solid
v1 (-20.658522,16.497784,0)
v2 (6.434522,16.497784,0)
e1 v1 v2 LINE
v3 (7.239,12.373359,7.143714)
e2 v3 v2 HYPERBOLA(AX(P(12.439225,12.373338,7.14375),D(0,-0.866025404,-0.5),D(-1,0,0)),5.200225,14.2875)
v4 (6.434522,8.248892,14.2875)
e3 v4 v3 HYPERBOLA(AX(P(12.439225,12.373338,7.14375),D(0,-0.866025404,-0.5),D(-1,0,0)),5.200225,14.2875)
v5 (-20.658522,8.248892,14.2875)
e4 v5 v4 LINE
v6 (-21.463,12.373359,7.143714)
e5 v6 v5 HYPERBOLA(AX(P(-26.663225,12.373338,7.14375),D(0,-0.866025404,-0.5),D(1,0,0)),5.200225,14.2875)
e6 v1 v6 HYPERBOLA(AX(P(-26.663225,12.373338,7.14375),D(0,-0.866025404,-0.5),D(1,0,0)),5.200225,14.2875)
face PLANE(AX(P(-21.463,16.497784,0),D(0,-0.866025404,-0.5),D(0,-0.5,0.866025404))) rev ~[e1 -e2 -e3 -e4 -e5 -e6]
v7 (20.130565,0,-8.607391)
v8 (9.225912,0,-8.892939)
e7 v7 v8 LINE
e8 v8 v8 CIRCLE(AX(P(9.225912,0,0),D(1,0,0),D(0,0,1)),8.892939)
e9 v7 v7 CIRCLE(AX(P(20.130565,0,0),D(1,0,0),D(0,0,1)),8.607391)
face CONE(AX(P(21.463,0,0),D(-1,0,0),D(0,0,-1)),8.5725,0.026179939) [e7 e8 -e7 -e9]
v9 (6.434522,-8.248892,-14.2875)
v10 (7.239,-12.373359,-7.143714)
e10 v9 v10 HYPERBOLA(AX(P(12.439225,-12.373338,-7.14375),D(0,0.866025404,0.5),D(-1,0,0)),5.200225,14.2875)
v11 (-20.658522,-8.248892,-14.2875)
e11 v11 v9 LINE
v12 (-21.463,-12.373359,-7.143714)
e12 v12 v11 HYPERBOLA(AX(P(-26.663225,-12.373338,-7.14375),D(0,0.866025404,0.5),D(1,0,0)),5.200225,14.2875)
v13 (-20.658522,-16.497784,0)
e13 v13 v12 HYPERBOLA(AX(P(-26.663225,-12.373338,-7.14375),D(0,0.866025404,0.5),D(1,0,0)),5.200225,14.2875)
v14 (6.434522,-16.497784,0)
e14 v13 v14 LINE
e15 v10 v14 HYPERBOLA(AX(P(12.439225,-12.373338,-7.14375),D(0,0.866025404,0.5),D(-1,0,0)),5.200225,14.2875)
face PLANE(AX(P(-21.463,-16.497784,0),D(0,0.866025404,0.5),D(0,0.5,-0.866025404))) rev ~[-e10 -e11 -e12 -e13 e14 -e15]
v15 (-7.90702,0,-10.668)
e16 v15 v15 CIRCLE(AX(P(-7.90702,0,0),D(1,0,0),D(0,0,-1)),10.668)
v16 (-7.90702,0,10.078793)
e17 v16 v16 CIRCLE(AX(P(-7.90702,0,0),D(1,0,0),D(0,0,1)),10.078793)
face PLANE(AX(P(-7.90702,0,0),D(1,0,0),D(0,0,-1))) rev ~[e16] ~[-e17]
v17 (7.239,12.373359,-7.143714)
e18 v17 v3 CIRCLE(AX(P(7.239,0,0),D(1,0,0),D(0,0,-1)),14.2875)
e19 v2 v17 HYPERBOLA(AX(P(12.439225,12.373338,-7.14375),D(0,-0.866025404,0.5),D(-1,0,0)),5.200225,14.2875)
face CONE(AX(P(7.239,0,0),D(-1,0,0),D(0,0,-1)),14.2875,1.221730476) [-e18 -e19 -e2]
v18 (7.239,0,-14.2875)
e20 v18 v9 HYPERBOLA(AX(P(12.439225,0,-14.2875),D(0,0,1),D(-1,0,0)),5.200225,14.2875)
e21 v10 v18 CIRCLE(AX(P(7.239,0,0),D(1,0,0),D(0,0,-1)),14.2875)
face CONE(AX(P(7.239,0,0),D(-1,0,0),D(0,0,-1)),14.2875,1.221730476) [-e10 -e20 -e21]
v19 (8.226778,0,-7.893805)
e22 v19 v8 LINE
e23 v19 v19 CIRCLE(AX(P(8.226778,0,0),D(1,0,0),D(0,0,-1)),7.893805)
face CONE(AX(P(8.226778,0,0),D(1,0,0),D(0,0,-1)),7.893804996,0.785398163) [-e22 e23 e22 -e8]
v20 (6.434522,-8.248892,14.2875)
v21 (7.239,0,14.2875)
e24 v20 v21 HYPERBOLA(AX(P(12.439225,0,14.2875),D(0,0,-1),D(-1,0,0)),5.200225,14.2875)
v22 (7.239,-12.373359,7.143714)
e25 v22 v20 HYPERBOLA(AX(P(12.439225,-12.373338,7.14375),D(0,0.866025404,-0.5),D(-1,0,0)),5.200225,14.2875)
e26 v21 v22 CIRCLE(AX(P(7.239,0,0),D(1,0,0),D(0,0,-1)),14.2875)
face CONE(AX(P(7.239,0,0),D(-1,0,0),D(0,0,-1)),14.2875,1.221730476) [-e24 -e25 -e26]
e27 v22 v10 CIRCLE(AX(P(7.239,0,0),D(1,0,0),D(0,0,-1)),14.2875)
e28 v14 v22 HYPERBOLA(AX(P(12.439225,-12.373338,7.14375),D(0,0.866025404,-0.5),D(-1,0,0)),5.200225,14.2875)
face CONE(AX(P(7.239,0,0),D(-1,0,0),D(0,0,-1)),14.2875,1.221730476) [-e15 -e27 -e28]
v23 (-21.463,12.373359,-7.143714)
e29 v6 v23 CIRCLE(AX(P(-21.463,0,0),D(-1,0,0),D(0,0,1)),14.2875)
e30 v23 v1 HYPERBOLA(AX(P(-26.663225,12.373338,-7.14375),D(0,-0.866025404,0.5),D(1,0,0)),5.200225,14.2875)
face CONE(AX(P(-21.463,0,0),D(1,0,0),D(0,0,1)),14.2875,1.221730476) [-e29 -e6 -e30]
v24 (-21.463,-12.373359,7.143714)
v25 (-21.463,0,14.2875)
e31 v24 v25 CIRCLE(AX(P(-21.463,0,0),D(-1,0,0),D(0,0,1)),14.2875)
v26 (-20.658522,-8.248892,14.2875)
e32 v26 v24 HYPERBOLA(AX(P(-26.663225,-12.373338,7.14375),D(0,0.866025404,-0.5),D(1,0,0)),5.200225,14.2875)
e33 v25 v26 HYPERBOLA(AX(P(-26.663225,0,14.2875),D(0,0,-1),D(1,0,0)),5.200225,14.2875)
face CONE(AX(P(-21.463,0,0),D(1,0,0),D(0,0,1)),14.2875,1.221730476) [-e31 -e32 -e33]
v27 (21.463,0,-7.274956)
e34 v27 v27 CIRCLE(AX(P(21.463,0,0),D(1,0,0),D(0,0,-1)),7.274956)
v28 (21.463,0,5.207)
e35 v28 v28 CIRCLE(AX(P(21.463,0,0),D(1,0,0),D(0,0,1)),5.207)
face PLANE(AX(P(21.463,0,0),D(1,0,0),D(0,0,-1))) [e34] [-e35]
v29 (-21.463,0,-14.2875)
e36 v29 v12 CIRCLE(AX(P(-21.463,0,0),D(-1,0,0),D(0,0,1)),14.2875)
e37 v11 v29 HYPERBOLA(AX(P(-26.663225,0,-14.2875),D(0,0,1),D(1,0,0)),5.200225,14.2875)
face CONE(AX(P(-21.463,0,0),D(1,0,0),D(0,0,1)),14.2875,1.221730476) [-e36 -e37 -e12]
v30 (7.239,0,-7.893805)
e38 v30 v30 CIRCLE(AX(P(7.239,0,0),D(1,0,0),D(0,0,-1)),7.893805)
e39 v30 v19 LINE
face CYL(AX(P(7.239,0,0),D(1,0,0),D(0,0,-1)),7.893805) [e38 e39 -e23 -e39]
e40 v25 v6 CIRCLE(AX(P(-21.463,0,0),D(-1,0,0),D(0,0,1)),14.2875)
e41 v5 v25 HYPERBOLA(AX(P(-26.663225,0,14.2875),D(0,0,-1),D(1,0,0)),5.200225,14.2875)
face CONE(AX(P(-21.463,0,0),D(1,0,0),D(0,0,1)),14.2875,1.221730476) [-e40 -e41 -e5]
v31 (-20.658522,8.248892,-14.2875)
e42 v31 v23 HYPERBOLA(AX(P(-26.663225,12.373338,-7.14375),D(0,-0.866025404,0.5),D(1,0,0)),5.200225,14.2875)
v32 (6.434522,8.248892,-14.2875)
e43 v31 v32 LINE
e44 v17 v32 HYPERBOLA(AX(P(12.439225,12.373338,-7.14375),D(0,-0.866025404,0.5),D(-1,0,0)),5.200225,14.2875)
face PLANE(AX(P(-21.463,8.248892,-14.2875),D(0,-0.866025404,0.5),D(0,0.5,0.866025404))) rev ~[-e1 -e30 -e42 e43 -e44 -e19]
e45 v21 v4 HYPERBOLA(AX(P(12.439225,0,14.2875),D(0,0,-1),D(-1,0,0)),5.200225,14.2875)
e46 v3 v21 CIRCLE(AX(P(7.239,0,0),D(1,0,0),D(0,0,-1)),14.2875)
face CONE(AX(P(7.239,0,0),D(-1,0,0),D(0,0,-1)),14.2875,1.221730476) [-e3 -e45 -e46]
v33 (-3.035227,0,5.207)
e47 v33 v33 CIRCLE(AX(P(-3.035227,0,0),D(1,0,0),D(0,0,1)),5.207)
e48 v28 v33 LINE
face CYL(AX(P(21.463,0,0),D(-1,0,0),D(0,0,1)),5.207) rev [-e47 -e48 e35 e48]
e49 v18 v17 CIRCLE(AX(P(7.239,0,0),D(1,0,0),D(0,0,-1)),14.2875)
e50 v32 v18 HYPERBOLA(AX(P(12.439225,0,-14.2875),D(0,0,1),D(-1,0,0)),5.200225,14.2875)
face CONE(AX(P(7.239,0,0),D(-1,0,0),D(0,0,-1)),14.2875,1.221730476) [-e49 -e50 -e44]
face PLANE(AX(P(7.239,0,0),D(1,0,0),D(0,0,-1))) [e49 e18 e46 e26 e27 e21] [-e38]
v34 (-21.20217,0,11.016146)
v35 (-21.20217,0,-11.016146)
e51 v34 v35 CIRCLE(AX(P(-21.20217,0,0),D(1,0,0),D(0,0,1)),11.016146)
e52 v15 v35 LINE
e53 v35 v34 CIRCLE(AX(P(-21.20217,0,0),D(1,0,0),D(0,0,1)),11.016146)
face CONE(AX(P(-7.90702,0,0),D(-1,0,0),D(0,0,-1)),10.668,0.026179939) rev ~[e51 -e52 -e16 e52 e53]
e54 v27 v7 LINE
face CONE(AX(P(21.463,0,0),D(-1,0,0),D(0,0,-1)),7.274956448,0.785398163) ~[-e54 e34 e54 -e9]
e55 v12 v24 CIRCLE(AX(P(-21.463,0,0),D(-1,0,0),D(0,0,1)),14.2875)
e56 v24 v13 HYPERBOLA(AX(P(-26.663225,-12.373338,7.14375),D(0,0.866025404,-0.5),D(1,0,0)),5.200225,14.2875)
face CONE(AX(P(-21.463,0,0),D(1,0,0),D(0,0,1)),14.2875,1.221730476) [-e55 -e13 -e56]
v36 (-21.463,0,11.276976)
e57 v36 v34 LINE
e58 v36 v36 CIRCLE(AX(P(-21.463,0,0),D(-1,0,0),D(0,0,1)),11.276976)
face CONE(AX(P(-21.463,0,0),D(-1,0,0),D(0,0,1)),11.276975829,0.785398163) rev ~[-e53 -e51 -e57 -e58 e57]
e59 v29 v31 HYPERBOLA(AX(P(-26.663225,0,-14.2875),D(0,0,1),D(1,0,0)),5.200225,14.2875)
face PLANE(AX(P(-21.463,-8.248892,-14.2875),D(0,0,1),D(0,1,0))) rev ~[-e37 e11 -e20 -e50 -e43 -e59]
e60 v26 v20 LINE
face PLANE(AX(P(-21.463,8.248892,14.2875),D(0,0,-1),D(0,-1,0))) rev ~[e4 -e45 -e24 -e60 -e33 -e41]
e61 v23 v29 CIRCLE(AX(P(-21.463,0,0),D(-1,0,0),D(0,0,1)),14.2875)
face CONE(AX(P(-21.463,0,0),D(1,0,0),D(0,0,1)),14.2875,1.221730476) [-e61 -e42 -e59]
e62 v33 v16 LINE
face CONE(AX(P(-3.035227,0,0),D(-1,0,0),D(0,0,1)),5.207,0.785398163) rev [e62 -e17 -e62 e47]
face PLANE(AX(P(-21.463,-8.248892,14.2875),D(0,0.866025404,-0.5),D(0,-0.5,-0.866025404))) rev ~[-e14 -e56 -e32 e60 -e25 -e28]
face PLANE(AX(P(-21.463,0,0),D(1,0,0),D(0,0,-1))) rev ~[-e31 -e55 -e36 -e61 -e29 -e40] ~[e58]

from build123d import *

# Parameters (mm, degrees)
EXTRUDE1_DEPTH     = 28.702
SKETCH3_OUTSIDE_W  = 244.651
SKETCH3_OUTSIDE_H  = 249.072
SKETCH3_OUTSIDE_R  = 14.2875
CUT_EXTRUDE1_DEPTH = 37.057098264
CUT_EXTRUDE1_DRAFT = -70
SKETCH4_OUTSIDE_W  = 244.652
SKETCH4_OUTSIDE_H  = 249.072
SKETCH4_OUTSIDE_R  = 14.2875
CUT_EXTRUDE2_DEPTH = 37.057098264
CUT_EXTRUDE2_DRAFT = -70
SKETCH5_R          = 8.5725
EXTRUDE2_DEPTH     = 14.224
EXTRUDE2_DRAFT     = 1.5
SKETCH7_R          = 10.668
CUT_EXTRUDE4_DEPTH = 37.591086429
CUT_EXTRUDE4_DRAFT = 1.5
SKETCH12_W         = 6.35
SKETCH12_H         = 16.497783942
SKETCH15_R         = 11.276975829
CUT_EXTRUDE7_DEPTH = 5.08
CUT_EXTRUDE7_DRAFT = -45


with BuildPart() as part:
    # Sketch2 → Extrude1 (new body)
    with BuildSketch(Plane(origin=(-21.463, 0, 0), x_dir=(0, 0, -1), z_dir=(1, 0, 0))):
        Polygon((0, 16.497783942), (-14.2875, 8.248891971), (-14.2875, -8.248891971), (0, -16.497783942), (14.2875, -8.248891971), (14.2875, 8.248891971), align=None)
    extrude(amount=EXTRUDE1_DEPTH)


with BuildPart() as cut_extrude1_tool:
    # Sketch3 outside → Cut-Extrude1 (with draft: the straight prism first)
    with BuildSketch(Plane(origin=(7.239, 0, 0), x_dir=(0, 0, -1), z_dir=(1, 0, 0))):
        with Locations((-0.0005, 0)):
            Rectangle(SKETCH3_OUTSIDE_W, SKETCH3_OUTSIDE_H)
        Circle(SKETCH3_OUTSIDE_R, mode=Mode.SUBTRACT)
    extrude(amount=-CUT_EXTRUDE1_DEPTH)
    # Cut-Extrude1: the draft: its side faces are tilted about the plane it starts from
    cut_extrude1_sides = [cut_extrude1_tool.faces().sort_by_distance(p)[0] for p in [
        (-11.289549132, -124.536, 0.0005),
        (-11.289549132, 0, -122.325),
        (-11.289549132, 124.536, 0.0005),
        (-11.289549132, 0, 122.326),
        (-11.289549132, 0, 14.2875),
    ]]
    draft(cut_extrude1_sides, Plane(origin=(7.239, 0, 0), x_dir=(0, 0, -1), z_dir=(1, 0, 0)), CUT_EXTRUDE1_DRAFT)


with BuildPart() as part_1:
    add(part.part)

    # Cut-Extrude1: cut by cut_extrude1_tool
    add(cut_extrude1_tool.part, mode=Mode.SUBTRACT)


with BuildPart() as cut_extrude2_tool:
    # Sketch4 outside → Cut-Extrude2 (with draft: the straight prism first)
    with BuildSketch(Plane.ZY.offset(21.463)):
        Rectangle(SKETCH4_OUTSIDE_W, SKETCH4_OUTSIDE_H)
        Circle(SKETCH4_OUTSIDE_R, mode=Mode.SUBTRACT)
    extrude(amount=-CUT_EXTRUDE2_DEPTH)
    # Cut-Extrude2: the draft: its side faces are tilted about the plane it starts from
    cut_extrude2_sides = [cut_extrude2_tool.faces().sort_by_distance(p)[0] for p in [
        (-2.934450868, -124.536, 0),
        (-2.934450868, 0, 122.326),
        (-2.934450868, 124.536, 0),
        (-2.934450868, 0, -122.326),
        (-2.934450868, 0, -14.2875),
    ]]
    draft(cut_extrude2_sides, Plane.ZY.offset(21.463), CUT_EXTRUDE2_DRAFT)


with BuildPart() as part_2:
    add(part_1.part)

    # Cut-Extrude2: cut by cut_extrude2_tool
    add(cut_extrude2_tool.part, mode=Mode.SUBTRACT)


with BuildPart() as body_2:
    # Sketch5 → Extrude2 (with draft: the straight prism first)
    with BuildSketch(Plane(origin=(21.463, 0, 0), x_dir=(0, 0, -1), z_dir=(1, 0, 0))):
        Circle(SKETCH5_R)
    extrude(amount=-EXTRUDE2_DEPTH)
    # Extrude2: the draft: its side faces are tilted about the plane it starts from
    extrude2_sides = [body_2.faces().sort_by_distance(p)[0] for p in [
        (14.351, 0, 8.5725),
    ]]
    draft(extrude2_sides, Plane(origin=(21.463, 0, 0), x_dir=(0, 0, -1), z_dir=(1, 0, 0)), EXTRUDE2_DRAFT)

    # Sketch17 → Cut-Revolve2 (revolve, cut)
    with BuildSketch(Plane.XY, mode=Mode.PRIVATE) as cut_revolve2_sk:
        Polygon((21.463, 8.814890815), (21.463, 7.274956448), (19.923065632, 8.814890815), align=None)
        Polygon((7.239, 7.893804996), (8.226777778, 7.893804996), (9.528863597, 9.195890815), (7.239, 9.195890815), align=None)
    revolve(cut_revolve2_sk.sketch.rotate(Axis((-21.463, 0, 0), (1, 0, 0)), 270), axis=Axis((-21.463, 0, 0), (1, 0, 0)), mode=Mode.SUBTRACT)


with BuildPart() as cut_extrude4_tool:
    # Sketch7 → Cut-Extrude4 (with draft: the straight prism first)
    with BuildSketch(Plane(origin=(-7.90702, 0, 0), x_dir=(0, 0, -1), z_dir=(1, 0, 0))):
        Circle(SKETCH7_R)
    extrude(amount=-CUT_EXTRUDE4_DEPTH)
    # Cut-Extrude4: the draft: its side faces are tilted about the plane it starts from
    cut_extrude4_sides = [cut_extrude4_tool.faces().sort_by_distance(p)[0] for p in [
        (-26.702563214, 0, 10.668),
    ]]
    draft(cut_extrude4_sides, Plane(origin=(-7.90702, 0, 0), x_dir=(0, 0, -1), z_dir=(1, 0, 0)), CUT_EXTRUDE4_DRAFT)


with BuildPart() as part_3:
    add(part_2.part)

    # Cut-Extrude4: cut by cut_extrude4_tool
    add(cut_extrude4_tool.part, mode=Mode.SUBTRACT)


with BuildPart() as body_2_1:
    add(body_2.part)

    # Combine1: union part
    add(part_3.part)

    # Sketch12 → Cut-Revolve1 (revolve, cut)
    with BuildSketch(Plane.XY, mode=Mode.PRIVATE) as cut_revolve1_sk:
        Polygon((-7.90702, 10.078793431), (-7.90702, 0), (21.463, 0), (21.463, 5.207), (-3.035226569, 5.207), align=None)
        with Locations((-24.638, 8.248891971)):
            Rectangle(SKETCH12_W, SKETCH12_H)
    revolve(cut_revolve1_sk.sketch.rotate(Axis((-21.463, 0, 0), (1, 0, 0)), 90), axis=Axis((-21.463, 0, 0), (1, 0, 0)), mode=Mode.SUBTRACT)


with BuildPart() as cut_extrude7_tool:
    # Sketch15 → Cut-Extrude7 (with draft: the straight prism first)
    with BuildSketch(Plane.ZY.offset(21.463)):
        Circle(SKETCH15_R)
    extrude(amount=-CUT_EXTRUDE7_DEPTH)
    # Cut-Extrude7: the draft: its side faces are tilted about the plane it starts from
    cut_extrude7_sides = [cut_extrude7_tool.faces().sort_by_distance(p)[0] for p in [
        (-18.923, 0, -11.276975829),
    ]]
    draft(cut_extrude7_sides, Plane.ZY.offset(21.463), CUT_EXTRUDE7_DRAFT)


with BuildPart() as body_2_2:
    add(body_2_1.part)

    # Cut-Extrude7: cut by cut_extrude7_tool
    add(cut_extrude7_tool.part, mode=Mode.SUBTRACT)


solid = body_2_2.part
